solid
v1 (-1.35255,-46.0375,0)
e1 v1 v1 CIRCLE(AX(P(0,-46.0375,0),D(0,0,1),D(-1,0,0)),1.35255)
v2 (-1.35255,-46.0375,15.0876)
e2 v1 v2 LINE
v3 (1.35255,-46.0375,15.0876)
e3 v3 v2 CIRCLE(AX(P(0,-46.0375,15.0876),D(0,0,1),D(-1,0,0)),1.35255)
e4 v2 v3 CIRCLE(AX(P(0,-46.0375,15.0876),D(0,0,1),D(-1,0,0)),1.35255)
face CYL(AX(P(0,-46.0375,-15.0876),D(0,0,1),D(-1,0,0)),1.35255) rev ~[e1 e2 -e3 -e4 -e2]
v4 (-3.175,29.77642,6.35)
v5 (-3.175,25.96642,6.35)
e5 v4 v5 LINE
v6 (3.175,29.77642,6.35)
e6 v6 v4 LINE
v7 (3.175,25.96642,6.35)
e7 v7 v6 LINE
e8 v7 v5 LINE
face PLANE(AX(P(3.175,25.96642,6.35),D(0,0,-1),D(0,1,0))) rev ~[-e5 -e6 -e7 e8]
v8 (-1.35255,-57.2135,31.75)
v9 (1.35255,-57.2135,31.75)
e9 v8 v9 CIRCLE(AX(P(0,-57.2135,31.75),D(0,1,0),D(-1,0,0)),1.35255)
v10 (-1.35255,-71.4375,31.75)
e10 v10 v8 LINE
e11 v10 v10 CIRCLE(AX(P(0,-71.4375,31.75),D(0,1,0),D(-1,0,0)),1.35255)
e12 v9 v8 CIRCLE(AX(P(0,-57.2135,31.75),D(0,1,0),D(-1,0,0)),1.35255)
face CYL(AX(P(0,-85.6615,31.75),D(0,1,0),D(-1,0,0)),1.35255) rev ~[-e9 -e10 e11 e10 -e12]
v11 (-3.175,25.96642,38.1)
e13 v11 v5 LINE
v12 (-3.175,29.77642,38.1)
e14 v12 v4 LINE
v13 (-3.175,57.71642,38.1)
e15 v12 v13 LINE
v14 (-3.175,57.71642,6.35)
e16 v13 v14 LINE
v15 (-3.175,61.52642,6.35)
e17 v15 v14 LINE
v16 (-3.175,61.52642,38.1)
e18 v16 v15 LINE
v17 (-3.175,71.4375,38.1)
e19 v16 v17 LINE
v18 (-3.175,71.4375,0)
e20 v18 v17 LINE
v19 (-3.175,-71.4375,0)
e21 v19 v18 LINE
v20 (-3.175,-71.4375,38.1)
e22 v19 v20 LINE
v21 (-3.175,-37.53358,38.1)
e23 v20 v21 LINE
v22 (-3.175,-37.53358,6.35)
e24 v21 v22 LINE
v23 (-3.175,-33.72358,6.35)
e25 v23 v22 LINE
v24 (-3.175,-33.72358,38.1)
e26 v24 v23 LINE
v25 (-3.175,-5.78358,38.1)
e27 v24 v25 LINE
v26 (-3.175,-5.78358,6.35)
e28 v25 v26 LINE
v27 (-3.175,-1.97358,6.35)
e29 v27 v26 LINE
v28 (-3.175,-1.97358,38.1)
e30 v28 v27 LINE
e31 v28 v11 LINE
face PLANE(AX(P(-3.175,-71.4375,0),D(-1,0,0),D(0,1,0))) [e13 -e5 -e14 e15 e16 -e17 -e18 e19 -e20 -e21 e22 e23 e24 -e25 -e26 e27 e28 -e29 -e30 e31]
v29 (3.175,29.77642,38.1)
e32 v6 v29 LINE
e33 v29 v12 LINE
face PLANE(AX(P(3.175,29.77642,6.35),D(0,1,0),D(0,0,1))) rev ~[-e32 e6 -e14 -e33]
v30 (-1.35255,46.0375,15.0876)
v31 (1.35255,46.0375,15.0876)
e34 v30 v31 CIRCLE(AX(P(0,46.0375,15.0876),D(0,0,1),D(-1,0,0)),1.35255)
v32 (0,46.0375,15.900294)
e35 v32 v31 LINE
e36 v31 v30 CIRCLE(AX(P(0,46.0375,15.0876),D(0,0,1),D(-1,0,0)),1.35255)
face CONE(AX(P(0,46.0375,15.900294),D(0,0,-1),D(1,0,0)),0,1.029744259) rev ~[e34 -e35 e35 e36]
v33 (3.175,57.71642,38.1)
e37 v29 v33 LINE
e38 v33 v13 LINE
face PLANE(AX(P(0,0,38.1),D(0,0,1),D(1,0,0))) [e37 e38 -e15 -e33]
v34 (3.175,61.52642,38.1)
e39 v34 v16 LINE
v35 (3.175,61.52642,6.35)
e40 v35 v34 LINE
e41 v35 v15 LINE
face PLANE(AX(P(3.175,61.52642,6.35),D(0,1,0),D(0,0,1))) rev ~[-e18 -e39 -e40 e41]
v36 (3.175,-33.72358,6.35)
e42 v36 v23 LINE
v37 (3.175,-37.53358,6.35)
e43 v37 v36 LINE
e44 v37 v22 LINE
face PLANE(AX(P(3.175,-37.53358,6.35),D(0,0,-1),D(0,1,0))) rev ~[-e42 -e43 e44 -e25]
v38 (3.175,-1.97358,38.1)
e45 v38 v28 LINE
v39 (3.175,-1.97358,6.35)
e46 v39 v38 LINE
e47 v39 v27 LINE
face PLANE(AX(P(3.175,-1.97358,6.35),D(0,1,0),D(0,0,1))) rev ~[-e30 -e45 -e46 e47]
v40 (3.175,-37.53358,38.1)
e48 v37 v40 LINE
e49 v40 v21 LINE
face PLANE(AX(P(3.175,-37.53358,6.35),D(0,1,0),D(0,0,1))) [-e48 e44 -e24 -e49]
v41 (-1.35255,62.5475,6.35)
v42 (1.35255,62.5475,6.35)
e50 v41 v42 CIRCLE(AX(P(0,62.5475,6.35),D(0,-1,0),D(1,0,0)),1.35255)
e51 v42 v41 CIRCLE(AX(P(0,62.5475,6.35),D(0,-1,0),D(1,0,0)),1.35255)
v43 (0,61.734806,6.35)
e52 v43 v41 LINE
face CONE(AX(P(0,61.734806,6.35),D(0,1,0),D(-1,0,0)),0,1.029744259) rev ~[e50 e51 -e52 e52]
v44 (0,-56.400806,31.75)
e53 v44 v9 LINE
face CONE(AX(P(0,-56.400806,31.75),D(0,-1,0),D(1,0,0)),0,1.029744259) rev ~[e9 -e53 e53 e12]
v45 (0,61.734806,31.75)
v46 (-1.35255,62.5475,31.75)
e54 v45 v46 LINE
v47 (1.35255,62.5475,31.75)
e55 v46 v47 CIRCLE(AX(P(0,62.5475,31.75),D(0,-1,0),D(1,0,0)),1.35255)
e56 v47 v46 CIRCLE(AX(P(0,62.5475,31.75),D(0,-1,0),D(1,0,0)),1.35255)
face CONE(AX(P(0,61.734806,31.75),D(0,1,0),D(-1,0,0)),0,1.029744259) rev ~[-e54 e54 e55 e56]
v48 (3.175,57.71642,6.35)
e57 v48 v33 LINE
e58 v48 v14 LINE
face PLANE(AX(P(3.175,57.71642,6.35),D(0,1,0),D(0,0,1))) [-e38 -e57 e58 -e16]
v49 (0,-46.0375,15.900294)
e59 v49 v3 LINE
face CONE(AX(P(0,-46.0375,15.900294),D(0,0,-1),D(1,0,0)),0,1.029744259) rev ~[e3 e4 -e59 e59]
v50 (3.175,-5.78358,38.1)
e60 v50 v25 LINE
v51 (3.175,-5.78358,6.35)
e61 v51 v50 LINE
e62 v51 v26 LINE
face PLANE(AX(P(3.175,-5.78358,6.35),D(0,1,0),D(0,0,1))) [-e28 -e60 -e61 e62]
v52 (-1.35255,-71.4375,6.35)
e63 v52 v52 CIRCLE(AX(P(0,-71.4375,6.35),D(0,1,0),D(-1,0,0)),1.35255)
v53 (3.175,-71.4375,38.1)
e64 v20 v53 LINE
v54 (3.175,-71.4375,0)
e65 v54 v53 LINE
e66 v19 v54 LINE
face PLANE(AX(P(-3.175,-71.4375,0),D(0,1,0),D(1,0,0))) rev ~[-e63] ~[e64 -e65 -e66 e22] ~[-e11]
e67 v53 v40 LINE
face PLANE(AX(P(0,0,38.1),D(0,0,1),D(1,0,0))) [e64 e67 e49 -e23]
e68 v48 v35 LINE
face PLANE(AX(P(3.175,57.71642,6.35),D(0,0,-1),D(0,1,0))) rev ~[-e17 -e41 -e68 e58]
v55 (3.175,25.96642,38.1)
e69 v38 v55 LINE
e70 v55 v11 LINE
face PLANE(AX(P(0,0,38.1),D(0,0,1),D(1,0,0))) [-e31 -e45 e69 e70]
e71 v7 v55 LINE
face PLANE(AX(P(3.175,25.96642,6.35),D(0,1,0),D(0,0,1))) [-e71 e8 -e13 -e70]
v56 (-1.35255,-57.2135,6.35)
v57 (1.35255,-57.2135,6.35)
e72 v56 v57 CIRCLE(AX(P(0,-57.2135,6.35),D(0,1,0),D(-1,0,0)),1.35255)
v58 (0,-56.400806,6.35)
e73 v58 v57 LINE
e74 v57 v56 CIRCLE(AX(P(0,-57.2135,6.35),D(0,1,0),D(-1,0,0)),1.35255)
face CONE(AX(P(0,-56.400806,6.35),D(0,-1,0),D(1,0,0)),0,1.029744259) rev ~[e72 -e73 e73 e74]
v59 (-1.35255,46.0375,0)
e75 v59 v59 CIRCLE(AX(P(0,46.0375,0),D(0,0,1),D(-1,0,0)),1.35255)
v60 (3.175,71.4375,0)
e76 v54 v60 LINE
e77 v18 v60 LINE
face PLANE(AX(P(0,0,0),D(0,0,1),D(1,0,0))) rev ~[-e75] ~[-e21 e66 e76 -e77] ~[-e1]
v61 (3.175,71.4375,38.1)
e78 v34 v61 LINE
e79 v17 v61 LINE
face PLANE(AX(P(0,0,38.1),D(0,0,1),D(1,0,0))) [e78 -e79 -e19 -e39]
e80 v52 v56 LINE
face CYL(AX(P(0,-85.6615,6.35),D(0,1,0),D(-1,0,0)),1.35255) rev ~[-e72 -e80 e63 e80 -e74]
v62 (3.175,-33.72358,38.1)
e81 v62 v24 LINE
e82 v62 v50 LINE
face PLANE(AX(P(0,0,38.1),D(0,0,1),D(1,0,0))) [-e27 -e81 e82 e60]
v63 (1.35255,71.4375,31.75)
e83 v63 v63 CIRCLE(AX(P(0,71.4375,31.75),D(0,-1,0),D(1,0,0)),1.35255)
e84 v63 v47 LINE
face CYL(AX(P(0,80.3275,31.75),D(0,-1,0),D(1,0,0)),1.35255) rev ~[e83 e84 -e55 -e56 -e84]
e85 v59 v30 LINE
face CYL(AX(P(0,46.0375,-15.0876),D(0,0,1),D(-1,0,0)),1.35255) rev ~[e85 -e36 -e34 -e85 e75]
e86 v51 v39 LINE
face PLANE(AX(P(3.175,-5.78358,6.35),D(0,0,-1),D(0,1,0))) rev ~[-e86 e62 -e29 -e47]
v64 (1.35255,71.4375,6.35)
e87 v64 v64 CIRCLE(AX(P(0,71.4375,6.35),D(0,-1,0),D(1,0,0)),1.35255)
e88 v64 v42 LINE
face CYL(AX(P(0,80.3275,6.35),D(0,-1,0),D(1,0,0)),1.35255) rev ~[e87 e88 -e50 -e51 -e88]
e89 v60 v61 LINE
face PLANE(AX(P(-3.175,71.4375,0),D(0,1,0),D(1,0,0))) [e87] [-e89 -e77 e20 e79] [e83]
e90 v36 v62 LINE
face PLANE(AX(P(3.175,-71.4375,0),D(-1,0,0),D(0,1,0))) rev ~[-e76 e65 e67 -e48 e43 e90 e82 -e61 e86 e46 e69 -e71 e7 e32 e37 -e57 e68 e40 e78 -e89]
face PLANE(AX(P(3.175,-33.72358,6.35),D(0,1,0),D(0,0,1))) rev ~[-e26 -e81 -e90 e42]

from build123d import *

# Parameters (mm, degrees)
F0_W     = 6.35
F0_H     = 142.875
F1_DEPTH = 38.1
F2_W     = 3.81
F2_H     = 31.75
F3_DEPTH = 6.351
F5_D     = 2.7051
F5_DEPTH = 15.0876
F5_TIP   = 0.8126940303
F8_D     = 2.7051
F8_DEPTH = 14.224
F8_TIP   = 0.8126940303
F9_D     = 2.7051
F9_DEPTH = 8.89
F9_TIP   = 0.8126940303


with BuildPart() as f1:
    # F0 (on Top) → F1 (new body)
    with BuildSketch(Plane.XY):
        Rectangle(F0_W, F0_H)
    extrude(amount=F1_DEPTH)

    # F2 (on face) → F3 (cut, through all)
    with BuildSketch(Plane.YZ.offset(3.175)):
        with Locations((59.62142, 22.225)):
            Rectangle(F2_W, F2_H)
        with Locations((27.87142, 22.225)):
            Rectangle(F2_W, F2_H)
        with Locations((-3.87858, 22.225)):
            Rectangle(F2_W, F2_H)
        with Locations((-35.62858, 22.225)):
            Rectangle(F2_W, F2_H)
    extrude(amount=-F3_DEPTH, mode=Mode.SUBTRACT)

    # F5
    with Locations(Plane(origin=(0, 0, 0), x_dir=(1, 0, 0), z_dir=(0, 0, -1))):
        with Locations((0, 46.0375), (0, -46.0375)):
            Hole(F5_D / 2, depth=F5_DEPTH)
            with Locations((0, 0, -(F5_DEPTH + F5_TIP / 2))):  # 118° drill point
                Cone(0, F5_D / 2, F5_TIP, mode=Mode.SUBTRACT)

    # F8
    with Locations(Plane.XZ.offset(71.4375)):
        with Locations((0, 31.75), (0, 6.35)):
            Hole(F8_D / 2, depth=F8_DEPTH)
            with Locations((0, 0, -(F8_DEPTH + F8_TIP / 2))):  # 118° drill point
                Cone(0, F8_D / 2, F8_TIP, mode=Mode.SUBTRACT)

    # F9
    with Locations(Plane(origin=(0, 71.4375, 0), x_dir=(-1, 0, 0), z_dir=(0, 1, 0))):
        with Locations((0, 31.75), (0, 6.35)):
            Hole(F9_D / 2, depth=F9_DEPTH)
            with Locations((0, 0, -(F9_DEPTH + F9_TIP / 2))):  # 118° drill point
                Cone(0, F9_D / 2, F9_TIP, mode=Mode.SUBTRACT)


solid = f1.part
